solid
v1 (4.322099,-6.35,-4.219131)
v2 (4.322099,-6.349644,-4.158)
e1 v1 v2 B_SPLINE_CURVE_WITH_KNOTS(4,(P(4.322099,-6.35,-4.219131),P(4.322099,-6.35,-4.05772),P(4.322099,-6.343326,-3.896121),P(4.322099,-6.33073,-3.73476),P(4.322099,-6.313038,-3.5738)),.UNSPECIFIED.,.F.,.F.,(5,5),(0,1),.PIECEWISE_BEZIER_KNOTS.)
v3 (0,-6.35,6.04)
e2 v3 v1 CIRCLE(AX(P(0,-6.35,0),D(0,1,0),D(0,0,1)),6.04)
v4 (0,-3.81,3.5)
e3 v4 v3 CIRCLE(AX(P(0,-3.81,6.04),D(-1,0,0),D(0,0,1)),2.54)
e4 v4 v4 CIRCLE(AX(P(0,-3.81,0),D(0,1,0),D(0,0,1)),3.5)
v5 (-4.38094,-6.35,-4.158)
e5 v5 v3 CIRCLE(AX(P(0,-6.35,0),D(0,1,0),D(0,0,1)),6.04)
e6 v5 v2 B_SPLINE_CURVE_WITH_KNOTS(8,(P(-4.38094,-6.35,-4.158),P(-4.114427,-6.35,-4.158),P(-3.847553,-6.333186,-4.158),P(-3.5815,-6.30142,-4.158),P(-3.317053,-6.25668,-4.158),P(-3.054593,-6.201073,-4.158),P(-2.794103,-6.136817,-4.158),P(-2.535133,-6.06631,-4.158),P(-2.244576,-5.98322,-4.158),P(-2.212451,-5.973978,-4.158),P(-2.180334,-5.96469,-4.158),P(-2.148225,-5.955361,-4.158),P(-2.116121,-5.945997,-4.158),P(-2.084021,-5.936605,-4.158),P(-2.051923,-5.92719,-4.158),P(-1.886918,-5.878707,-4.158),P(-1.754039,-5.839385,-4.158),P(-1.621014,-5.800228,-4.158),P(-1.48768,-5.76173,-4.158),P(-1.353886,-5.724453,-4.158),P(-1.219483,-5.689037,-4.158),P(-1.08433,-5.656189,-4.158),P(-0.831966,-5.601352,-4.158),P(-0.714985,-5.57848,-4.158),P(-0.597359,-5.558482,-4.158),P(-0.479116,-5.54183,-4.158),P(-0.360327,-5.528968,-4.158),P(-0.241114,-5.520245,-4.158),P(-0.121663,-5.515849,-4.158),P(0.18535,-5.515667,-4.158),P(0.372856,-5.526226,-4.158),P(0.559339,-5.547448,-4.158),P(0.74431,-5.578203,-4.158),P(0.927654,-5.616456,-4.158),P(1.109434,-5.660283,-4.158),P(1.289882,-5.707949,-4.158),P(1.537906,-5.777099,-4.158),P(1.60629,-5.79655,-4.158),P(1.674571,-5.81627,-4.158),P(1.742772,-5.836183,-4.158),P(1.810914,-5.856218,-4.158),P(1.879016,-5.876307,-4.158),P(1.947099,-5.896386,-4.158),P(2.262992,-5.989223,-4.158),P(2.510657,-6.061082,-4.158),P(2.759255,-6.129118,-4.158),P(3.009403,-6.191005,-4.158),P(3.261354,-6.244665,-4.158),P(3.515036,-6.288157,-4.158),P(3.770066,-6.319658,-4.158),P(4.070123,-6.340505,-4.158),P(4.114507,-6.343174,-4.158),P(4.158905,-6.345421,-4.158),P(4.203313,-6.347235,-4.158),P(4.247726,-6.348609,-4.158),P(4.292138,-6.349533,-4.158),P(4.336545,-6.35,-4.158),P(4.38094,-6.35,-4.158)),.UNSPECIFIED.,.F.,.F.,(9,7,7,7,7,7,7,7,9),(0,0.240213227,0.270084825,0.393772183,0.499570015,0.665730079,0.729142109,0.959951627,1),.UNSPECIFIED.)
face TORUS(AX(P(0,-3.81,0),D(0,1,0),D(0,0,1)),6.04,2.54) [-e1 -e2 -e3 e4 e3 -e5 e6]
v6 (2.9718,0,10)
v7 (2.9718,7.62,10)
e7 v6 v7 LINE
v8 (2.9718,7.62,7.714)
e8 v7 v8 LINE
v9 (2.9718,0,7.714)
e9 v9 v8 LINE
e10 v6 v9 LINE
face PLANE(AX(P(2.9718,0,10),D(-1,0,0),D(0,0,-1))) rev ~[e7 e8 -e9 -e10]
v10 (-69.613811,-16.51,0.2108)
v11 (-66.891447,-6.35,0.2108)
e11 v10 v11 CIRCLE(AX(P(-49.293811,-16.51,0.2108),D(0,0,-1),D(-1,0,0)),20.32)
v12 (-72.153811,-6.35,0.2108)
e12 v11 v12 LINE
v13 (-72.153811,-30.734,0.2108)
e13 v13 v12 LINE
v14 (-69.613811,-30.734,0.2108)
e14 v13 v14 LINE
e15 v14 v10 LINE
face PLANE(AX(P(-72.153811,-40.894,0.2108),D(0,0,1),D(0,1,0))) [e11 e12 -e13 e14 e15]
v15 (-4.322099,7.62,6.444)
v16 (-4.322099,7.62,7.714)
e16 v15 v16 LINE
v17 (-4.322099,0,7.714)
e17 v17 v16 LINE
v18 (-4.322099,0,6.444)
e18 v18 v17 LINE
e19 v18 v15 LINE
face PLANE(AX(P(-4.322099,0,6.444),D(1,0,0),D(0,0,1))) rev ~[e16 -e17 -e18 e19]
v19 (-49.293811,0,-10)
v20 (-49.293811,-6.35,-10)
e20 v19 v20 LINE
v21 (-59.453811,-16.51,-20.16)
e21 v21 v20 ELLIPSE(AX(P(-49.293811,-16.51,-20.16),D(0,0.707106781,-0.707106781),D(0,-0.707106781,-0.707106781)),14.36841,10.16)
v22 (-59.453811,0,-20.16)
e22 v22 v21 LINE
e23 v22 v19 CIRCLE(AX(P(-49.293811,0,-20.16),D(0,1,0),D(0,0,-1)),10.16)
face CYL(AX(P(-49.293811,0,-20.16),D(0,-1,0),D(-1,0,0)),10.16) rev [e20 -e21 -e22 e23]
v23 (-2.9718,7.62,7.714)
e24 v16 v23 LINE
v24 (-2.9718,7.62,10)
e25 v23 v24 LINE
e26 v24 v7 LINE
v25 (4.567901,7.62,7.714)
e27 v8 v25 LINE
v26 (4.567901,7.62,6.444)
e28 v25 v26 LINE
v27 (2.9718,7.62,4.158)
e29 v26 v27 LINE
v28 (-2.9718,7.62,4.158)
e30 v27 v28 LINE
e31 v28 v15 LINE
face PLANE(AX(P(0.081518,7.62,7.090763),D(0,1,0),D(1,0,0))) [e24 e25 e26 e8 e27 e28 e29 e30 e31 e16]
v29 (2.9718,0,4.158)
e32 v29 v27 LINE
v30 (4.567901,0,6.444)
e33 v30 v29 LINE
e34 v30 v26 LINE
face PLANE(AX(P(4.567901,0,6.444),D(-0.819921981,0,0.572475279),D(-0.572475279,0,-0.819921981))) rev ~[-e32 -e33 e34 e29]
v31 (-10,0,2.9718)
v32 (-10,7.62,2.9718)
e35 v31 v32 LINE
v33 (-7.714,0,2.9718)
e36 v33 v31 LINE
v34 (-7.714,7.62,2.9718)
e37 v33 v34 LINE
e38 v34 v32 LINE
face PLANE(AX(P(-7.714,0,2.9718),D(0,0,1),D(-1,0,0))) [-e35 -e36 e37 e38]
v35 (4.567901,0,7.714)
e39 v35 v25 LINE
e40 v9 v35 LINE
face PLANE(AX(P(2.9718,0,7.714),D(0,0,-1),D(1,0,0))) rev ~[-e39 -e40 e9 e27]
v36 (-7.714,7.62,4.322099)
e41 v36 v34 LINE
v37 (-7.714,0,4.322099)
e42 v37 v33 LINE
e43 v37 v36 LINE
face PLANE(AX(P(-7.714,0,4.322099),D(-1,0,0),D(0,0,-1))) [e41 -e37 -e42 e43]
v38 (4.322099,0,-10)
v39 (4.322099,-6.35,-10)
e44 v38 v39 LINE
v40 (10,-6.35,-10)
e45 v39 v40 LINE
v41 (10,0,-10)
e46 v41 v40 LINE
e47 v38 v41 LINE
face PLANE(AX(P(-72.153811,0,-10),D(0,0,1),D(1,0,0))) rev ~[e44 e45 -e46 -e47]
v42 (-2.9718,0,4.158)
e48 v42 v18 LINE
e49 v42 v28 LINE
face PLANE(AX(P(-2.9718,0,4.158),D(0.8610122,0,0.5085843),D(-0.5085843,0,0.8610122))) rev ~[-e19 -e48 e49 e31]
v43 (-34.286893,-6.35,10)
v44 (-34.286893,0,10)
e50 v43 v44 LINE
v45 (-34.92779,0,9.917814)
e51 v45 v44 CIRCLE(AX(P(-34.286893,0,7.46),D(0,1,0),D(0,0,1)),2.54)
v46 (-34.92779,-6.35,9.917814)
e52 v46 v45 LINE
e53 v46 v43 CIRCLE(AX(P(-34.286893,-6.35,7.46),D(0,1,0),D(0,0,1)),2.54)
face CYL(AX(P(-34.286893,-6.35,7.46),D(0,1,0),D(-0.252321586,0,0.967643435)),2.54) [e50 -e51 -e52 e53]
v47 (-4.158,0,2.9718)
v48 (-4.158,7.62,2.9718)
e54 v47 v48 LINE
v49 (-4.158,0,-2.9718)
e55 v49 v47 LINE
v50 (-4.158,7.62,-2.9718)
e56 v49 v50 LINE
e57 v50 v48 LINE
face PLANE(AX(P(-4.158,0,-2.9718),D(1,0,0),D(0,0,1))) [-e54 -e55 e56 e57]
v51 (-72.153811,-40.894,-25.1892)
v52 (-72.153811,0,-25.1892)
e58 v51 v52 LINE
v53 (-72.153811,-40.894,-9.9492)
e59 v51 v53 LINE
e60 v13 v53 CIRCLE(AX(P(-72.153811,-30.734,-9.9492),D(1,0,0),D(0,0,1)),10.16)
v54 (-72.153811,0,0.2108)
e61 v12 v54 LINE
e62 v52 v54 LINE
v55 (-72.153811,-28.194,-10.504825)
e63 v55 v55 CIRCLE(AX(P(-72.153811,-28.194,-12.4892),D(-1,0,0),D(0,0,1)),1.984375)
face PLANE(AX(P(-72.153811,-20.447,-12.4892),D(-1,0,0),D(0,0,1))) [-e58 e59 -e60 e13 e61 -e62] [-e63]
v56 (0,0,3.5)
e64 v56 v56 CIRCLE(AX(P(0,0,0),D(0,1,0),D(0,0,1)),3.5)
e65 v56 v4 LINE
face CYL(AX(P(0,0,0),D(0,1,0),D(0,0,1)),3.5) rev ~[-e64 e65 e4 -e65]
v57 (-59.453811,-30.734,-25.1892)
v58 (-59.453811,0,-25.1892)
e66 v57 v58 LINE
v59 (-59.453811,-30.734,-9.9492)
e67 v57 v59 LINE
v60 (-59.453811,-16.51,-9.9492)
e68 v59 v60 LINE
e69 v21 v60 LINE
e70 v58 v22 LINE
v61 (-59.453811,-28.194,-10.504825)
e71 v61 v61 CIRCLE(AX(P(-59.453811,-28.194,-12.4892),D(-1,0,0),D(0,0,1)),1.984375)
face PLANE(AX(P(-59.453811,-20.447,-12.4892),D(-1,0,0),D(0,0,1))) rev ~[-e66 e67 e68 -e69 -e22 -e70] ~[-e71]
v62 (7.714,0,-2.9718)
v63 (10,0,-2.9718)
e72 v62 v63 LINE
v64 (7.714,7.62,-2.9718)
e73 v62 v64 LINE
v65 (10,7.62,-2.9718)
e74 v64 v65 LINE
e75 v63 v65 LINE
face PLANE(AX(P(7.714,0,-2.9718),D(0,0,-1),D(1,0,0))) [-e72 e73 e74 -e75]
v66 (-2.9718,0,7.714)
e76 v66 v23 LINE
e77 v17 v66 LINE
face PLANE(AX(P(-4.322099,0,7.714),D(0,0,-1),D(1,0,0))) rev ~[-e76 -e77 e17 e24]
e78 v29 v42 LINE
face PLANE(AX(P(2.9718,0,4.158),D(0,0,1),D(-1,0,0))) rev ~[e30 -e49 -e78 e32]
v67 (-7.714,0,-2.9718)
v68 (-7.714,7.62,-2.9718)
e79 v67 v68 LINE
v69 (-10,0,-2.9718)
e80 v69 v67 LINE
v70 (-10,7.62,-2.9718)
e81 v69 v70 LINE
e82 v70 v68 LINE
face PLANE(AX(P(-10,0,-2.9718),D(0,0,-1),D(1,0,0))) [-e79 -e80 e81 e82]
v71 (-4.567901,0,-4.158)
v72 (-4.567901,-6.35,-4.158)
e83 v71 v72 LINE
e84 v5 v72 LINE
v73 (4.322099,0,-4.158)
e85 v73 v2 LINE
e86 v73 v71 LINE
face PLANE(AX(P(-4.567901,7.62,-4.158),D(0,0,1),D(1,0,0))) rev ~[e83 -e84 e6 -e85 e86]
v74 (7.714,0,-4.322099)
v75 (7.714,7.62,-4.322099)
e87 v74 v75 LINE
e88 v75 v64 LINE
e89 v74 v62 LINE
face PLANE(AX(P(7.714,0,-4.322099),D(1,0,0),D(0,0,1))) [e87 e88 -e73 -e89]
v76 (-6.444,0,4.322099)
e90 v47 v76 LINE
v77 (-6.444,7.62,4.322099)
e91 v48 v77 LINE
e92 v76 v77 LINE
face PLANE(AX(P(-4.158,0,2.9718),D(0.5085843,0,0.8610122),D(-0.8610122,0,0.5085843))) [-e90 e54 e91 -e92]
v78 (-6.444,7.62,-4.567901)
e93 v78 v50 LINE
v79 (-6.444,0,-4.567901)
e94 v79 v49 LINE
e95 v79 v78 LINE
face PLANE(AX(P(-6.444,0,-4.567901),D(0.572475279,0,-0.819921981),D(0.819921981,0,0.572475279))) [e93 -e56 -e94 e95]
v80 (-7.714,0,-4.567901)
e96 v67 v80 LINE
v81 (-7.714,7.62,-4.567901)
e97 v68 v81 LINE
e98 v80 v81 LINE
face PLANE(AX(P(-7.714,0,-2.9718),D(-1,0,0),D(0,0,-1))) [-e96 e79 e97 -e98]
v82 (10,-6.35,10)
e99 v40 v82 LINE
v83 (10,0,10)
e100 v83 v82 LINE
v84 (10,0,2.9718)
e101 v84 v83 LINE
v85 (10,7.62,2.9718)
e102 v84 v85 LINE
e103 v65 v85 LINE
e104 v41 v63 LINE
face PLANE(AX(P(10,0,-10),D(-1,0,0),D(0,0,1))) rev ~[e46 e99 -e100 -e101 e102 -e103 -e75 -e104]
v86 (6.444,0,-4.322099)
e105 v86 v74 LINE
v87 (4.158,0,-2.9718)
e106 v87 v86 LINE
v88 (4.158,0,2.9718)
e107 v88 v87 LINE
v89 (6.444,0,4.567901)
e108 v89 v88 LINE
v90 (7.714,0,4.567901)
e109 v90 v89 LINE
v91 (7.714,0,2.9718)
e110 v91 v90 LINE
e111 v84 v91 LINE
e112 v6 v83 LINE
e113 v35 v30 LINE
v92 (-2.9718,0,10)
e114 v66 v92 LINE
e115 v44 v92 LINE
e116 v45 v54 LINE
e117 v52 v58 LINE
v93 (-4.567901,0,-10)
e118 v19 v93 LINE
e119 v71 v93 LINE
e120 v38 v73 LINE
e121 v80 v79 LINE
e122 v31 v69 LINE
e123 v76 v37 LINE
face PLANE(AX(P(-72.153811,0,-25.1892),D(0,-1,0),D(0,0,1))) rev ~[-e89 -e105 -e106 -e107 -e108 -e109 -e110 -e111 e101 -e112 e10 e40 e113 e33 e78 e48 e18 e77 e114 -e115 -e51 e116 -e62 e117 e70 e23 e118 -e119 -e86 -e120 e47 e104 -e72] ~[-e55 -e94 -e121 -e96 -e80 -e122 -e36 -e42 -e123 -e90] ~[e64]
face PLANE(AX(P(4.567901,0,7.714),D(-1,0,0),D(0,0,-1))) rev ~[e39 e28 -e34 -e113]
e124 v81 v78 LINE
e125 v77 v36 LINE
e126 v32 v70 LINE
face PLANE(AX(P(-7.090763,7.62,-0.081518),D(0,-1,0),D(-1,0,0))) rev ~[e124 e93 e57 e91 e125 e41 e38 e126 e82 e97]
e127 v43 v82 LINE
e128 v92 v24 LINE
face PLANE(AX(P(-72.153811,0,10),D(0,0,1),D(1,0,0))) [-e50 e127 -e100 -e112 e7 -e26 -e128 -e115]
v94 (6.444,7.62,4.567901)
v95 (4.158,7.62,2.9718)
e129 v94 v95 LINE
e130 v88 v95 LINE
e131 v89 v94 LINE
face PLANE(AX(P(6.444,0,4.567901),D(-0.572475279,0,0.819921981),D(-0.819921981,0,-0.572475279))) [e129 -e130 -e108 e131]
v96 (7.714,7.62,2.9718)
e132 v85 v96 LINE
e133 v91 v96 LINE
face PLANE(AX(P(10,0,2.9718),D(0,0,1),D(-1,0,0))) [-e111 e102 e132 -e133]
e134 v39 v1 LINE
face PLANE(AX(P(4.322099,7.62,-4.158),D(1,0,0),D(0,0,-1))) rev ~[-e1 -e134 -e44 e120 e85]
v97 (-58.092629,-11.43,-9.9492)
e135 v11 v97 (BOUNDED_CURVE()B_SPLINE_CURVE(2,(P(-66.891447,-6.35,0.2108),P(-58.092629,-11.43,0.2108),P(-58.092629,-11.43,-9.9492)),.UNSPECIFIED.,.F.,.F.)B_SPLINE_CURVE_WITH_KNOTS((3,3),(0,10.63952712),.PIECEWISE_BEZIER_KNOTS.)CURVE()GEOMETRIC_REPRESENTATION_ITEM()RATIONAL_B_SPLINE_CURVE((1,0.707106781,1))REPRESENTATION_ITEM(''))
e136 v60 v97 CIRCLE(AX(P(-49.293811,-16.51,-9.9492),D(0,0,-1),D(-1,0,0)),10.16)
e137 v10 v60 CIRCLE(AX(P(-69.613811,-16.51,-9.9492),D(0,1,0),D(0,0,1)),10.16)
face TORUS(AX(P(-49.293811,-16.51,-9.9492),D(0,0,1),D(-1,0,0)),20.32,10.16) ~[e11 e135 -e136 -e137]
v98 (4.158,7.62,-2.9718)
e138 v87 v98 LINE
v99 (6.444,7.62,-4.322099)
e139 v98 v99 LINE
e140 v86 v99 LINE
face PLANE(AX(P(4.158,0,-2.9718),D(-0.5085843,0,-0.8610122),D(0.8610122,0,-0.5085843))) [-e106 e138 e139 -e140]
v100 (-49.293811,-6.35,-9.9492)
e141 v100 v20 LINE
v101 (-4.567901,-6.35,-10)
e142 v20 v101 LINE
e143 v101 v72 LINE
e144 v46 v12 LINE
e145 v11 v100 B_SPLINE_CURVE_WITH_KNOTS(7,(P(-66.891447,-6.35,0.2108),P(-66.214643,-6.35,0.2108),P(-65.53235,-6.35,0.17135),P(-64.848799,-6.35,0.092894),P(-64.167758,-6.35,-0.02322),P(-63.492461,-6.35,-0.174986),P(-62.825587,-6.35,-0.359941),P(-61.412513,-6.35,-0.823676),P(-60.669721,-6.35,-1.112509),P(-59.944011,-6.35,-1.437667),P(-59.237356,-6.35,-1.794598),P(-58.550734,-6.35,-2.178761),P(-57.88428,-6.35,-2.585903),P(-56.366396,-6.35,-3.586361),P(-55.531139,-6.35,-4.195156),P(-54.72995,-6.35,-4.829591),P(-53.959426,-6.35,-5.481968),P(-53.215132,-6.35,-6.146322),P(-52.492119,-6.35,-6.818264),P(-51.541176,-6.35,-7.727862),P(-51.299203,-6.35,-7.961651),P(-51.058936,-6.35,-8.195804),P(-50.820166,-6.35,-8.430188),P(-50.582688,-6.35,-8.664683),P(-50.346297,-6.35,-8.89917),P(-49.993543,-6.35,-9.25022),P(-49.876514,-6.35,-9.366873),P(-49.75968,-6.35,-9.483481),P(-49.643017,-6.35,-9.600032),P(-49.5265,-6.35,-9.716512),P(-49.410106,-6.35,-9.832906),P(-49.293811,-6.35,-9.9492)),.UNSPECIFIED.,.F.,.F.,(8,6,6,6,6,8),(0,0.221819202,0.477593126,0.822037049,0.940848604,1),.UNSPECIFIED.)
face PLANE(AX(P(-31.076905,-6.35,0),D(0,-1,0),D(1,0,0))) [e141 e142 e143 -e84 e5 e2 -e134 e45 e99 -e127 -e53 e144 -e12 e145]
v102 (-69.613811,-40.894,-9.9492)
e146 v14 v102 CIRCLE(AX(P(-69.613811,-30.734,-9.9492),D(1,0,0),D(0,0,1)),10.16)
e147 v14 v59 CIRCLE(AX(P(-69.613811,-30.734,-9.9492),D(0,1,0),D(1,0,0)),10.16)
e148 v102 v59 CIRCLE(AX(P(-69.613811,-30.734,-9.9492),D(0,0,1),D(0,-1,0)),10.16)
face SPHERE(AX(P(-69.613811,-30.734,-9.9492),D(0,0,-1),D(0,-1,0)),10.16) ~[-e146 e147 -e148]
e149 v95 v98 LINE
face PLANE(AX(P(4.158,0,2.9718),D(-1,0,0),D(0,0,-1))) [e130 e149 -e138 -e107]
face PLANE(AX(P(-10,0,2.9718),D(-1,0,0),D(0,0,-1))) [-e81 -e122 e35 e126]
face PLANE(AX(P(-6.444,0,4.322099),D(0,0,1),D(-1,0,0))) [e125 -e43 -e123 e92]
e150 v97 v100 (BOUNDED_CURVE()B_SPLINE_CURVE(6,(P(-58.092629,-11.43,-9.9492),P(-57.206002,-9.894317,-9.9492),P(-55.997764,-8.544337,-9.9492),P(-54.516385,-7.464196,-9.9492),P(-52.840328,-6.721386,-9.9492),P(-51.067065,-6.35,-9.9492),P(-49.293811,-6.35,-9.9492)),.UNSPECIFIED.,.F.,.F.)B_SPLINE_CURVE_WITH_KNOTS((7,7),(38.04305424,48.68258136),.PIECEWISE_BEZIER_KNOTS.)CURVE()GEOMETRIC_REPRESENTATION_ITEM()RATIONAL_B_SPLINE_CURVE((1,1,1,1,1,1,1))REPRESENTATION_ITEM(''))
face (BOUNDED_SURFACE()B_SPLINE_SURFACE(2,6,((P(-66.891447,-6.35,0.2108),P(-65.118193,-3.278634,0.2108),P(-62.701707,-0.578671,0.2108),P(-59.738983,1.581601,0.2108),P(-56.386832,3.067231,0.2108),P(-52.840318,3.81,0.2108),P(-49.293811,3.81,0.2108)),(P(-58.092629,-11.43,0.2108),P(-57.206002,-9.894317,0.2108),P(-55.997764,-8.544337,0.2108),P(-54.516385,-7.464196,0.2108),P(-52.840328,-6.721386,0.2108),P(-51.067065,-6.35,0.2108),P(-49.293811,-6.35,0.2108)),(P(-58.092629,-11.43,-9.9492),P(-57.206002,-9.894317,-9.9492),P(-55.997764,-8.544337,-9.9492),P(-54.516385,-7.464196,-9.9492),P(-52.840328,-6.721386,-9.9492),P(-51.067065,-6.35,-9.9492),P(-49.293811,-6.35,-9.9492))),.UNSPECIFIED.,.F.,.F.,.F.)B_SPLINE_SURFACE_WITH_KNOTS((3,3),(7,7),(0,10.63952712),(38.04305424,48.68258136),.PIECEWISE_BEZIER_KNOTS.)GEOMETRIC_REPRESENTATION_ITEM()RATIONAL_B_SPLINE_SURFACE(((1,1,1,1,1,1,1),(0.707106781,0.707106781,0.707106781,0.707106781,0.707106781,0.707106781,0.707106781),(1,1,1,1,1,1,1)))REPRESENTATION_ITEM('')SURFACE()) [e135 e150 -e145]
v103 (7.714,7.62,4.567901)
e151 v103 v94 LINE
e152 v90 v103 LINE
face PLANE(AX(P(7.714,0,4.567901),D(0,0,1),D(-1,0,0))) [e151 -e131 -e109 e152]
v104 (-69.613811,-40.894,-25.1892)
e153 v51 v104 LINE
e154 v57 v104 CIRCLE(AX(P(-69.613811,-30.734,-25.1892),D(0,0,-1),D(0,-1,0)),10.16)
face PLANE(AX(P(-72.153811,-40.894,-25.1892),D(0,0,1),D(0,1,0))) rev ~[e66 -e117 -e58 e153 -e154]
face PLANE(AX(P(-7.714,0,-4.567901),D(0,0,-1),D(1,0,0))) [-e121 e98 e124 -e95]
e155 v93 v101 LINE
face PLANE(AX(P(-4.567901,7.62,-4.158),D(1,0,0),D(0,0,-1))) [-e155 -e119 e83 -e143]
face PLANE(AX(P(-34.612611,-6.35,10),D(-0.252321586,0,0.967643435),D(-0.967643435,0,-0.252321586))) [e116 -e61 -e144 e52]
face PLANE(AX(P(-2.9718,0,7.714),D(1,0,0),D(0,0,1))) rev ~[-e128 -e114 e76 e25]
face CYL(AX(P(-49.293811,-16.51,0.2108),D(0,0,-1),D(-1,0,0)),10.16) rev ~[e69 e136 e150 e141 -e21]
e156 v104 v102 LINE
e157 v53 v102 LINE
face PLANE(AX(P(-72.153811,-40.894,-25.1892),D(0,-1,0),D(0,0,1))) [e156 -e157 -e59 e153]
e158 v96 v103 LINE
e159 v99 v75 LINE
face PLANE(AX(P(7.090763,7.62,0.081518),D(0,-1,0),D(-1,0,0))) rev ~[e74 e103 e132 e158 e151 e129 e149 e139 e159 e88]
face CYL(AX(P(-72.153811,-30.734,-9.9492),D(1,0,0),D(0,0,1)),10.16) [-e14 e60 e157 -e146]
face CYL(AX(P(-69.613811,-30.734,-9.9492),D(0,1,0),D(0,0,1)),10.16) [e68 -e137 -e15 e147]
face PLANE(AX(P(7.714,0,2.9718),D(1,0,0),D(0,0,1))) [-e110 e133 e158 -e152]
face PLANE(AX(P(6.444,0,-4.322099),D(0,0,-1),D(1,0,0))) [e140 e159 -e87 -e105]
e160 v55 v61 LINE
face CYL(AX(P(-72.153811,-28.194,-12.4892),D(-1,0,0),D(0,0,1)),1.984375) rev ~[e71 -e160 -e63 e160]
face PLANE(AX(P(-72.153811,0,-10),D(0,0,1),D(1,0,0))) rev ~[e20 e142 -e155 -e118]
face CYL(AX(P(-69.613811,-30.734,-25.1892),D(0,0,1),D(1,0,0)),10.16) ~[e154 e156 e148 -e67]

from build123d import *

# Parameters (mm, degrees)
BOSS_EXTRUDE1_DEPTH   = 7.62
BOSS_EXTRUDE1_2_DEPTH = 7.62
BOSS_EXTRUDE1_3_DEPTH = 7.62
BOSS_EXTRUDE1_4_DEPTH = 7.62
SKETCH2_W             = 82.1538108
SKETCH2_H             = 20
BOSS_EXTRUDE2_DEPTH   = 6.35
CUT_EXTRUDE1_DEPTH    = 75.17097352
FILLET1_R             = 2.54
SKETCH13_R            = 3.5
CUT_EXTRUDE5_DEPTH    = 74.240950383
FILLET6_R             = 2.54
SKETCH14_W            = 8.89
SKETCH14_H            = 5.842
CUT_EXTRUDE6_DEPTH    = 75.17097352
SKETCH15_W            = 25.4
SKETCH15_H            = 40.894
BOSS_EXTRUDE3_DEPTH   = 12.7
FILLET15_R            = 10.16
FILLET16_R            = 10.16
FILLET17_R            = 10.16
FILLET18_R            = 10.16
SKETCH18_R            = 1.984375
CUT_EXTRUDE9_DEPTH    = 12.7


with BuildPart() as part:
    # Sketch1 → Boss-Extrude1 (new body)
    with BuildSketch(Plane(origin=(0, 0, 0), x_dir=(1, 0, 0), z_dir=(0, 1, 0))):
        Polygon((2.9718, 10), (-2.9718, 10), (-2.9718, 7.714), (-4.567901235, 7.714), (-4.567901235, 6.444), (-2.9718, 4.158), (2.9718, 4.158), (4.322098765, 6.444), (4.322098765, 7.714), (2.9718, 7.714), align=None)
    extrude(amount=BOSS_EXTRUDE1_DEPTH)



with BuildPart() as body_2:
    # Sketch1 → Boss-Extrude1 2 (new body)
    with BuildSketch(Plane(origin=(0, 0, 0), x_dir=(1, 0, 0), z_dir=(0, 1, 0))):
        Polygon((4.158, -2.9718), (4.158, 2.9718), (6.444, 4.322098765), (7.714, 4.322098765), (7.714, 2.9718), (10, 2.9718), (10, -2.9718), (7.714, -2.9718), (7.714, -4.567901235), (6.444, -4.567901235), align=None)
    extrude(amount=BOSS_EXTRUDE1_2_DEPTH)


with BuildPart() as body_3:
    # Sketch1 → Boss-Extrude1 3 (new body)
    with BuildSketch(Plane(origin=(0, 0, 0), x_dir=(1, 0, 0), z_dir=(0, 1, 0))):
        Polygon((-10, -2.9718), (-10, 2.9718), (-7.714, 2.9718), (-7.714, 4.567901235), (-6.444, 4.567901235), (-4.158, 2.9718), (-4.158, -2.9718), (-6.444, -4.322098765), (-7.714, -4.322098765), (-7.714, -2.9718), align=None)
    extrude(amount=BOSS_EXTRUDE1_3_DEPTH)


with BuildPart() as body_4:
    # Sketch1 → Boss-Extrude1 4 (new body)
    with BuildSketch(Plane(origin=(0, 0, 0), x_dir=(1, 0, 0), z_dir=(0, 1, 0))):
        Polygon((4.567901235, -6.444), (2.9718, -4.158), (-2.9718, -4.158), (-4.322098765, -6.444), (-4.322098765, -7.714), (-2.9718, -7.714), (-2.9718, -10), (2.9718, -10), (2.9718, -7.714), (4.567901235, -7.714), align=None)
    extrude(amount=BOSS_EXTRUDE1_4_DEPTH)


with BuildPart() as part_1:
    add(part.part)

    add(body_2.part)  # Boss-Extrude2 merges body 2

    add(body_3.part)  # Boss-Extrude2 merges body 3

    add(body_4.part)  # Boss-Extrude2 merges body 4
    # Sketch2 → Boss-Extrude2 (add)
    with BuildSketch(Plane.XZ):
        with Locations((-31.0769054, 0)):
            Rectangle(SKETCH2_W, SKETCH2_H)
    extrude(amount=BOSS_EXTRUDE2_DEPTH)

    # Sketch4 → Cut-Extrude1 (cut, through all)
    with BuildSketch(Plane(origin=(0, -6.35, 0), x_dir=(-1, 0, 0), z_dir=(0, -1, 0))):
        Polygon((72.1538108, -10), (34.6126108, -10), (72.1538108, -0.2108), align=None)
    extrude(amount=-CUT_EXTRUDE1_DEPTH, mode=Mode.SUBTRACT)

    # Fillet1
    fillet1_edges = [part_1.edges().sort_by_distance(p)[0] for p in [
        (-34.6126108, -3.175, 10),
    ]]
    fillet(fillet1_edges, radius=FILLET1_R)

    # Sketch13 → Cut-Extrude5 (cut, through all)
    with BuildSketch(Plane(origin=(0, 0, 0), x_dir=(1, 0, 0), z_dir=(0, 1, 0))):
        with Locations(Location((0, 0, 0), (0, 0, 270))):
            Circle(SKETCH13_R)
    extrude(amount=-CUT_EXTRUDE5_DEPTH, mode=Mode.SUBTRACT)

    # Fillet6
    fillet6_edges = [part_1.edges().sort_by_distance(p)[0] for p in [
        (0, -6.35, -3.5),
    ]]
    fillet(fillet6_edges, radius=FILLET6_R)

    # Sketch14 → Cut-Extrude6 (cut, through all)
    with BuildSketch(Plane(origin=(0, 7.62, 0), x_dir=(1, 0, 0), z_dir=(0, 1, 0))):
        with Locations((-0.122901235, 7.079)):
            Rectangle(SKETCH14_W, SKETCH14_H)
    extrude(amount=-CUT_EXTRUDE6_DEPTH, mode=Mode.SUBTRACT)

    # Sketch15 → Boss-Extrude3 (add)
    with BuildSketch(Plane.ZY.offset(72.1538108)):
        with Locations((-12.4892, -20.447)):
            Rectangle(SKETCH15_W, SKETCH15_H)
    extrude(amount=-BOSS_EXTRUDE3_DEPTH)

    # Fillet15
    fillet15_edges = [part_1.edges().sort_by_distance(p)[0] for p in [
        (-59.4538108, -6.35, -4.8946),
    ]]
    fillet(fillet15_edges, radius=FILLET15_R)

    # Fillet16
    fillet16_edges = [part_1.edges().sort_by_distance(p)[0] for p in [
        (-59.4538108, -8.255, -10),
    ]]
    fillet(fillet16_edges, radius=FILLET16_R)

    # Fillet17
    fillet17_edges = [part_1.edges().sort_by_distance(p)[0] for p in [
        (-59.4538108, -40.894, -12.4892),
    ]]
    fillet(fillet17_edges, radius=FILLET17_R)

    # Fillet18
    fillet18_edges = [part_1.edges().sort_by_distance(p)[0] for p in [
        (-56.478015697, -9.325795103, 0.2108),
        (-70.8838108, -40.894, 0.2108),
        (-59.4538108, -23.622, 0.2108),
        (-62.429605903, -37.918204897, 0.2108),
    ]]
    fillet(fillet18_edges, radius=FILLET18_R)

    # Sketch18 → Cut-Extrude9 (cut)
    with BuildSketch(Plane.ZY.offset(72.1538108)):
        with Locations((-12.4892, -28.194)):
            Circle(SKETCH18_R)
    extrude(amount=-CUT_EXTRUDE9_DEPTH, mode=Mode.SUBTRACT)


solid = part_1.part
